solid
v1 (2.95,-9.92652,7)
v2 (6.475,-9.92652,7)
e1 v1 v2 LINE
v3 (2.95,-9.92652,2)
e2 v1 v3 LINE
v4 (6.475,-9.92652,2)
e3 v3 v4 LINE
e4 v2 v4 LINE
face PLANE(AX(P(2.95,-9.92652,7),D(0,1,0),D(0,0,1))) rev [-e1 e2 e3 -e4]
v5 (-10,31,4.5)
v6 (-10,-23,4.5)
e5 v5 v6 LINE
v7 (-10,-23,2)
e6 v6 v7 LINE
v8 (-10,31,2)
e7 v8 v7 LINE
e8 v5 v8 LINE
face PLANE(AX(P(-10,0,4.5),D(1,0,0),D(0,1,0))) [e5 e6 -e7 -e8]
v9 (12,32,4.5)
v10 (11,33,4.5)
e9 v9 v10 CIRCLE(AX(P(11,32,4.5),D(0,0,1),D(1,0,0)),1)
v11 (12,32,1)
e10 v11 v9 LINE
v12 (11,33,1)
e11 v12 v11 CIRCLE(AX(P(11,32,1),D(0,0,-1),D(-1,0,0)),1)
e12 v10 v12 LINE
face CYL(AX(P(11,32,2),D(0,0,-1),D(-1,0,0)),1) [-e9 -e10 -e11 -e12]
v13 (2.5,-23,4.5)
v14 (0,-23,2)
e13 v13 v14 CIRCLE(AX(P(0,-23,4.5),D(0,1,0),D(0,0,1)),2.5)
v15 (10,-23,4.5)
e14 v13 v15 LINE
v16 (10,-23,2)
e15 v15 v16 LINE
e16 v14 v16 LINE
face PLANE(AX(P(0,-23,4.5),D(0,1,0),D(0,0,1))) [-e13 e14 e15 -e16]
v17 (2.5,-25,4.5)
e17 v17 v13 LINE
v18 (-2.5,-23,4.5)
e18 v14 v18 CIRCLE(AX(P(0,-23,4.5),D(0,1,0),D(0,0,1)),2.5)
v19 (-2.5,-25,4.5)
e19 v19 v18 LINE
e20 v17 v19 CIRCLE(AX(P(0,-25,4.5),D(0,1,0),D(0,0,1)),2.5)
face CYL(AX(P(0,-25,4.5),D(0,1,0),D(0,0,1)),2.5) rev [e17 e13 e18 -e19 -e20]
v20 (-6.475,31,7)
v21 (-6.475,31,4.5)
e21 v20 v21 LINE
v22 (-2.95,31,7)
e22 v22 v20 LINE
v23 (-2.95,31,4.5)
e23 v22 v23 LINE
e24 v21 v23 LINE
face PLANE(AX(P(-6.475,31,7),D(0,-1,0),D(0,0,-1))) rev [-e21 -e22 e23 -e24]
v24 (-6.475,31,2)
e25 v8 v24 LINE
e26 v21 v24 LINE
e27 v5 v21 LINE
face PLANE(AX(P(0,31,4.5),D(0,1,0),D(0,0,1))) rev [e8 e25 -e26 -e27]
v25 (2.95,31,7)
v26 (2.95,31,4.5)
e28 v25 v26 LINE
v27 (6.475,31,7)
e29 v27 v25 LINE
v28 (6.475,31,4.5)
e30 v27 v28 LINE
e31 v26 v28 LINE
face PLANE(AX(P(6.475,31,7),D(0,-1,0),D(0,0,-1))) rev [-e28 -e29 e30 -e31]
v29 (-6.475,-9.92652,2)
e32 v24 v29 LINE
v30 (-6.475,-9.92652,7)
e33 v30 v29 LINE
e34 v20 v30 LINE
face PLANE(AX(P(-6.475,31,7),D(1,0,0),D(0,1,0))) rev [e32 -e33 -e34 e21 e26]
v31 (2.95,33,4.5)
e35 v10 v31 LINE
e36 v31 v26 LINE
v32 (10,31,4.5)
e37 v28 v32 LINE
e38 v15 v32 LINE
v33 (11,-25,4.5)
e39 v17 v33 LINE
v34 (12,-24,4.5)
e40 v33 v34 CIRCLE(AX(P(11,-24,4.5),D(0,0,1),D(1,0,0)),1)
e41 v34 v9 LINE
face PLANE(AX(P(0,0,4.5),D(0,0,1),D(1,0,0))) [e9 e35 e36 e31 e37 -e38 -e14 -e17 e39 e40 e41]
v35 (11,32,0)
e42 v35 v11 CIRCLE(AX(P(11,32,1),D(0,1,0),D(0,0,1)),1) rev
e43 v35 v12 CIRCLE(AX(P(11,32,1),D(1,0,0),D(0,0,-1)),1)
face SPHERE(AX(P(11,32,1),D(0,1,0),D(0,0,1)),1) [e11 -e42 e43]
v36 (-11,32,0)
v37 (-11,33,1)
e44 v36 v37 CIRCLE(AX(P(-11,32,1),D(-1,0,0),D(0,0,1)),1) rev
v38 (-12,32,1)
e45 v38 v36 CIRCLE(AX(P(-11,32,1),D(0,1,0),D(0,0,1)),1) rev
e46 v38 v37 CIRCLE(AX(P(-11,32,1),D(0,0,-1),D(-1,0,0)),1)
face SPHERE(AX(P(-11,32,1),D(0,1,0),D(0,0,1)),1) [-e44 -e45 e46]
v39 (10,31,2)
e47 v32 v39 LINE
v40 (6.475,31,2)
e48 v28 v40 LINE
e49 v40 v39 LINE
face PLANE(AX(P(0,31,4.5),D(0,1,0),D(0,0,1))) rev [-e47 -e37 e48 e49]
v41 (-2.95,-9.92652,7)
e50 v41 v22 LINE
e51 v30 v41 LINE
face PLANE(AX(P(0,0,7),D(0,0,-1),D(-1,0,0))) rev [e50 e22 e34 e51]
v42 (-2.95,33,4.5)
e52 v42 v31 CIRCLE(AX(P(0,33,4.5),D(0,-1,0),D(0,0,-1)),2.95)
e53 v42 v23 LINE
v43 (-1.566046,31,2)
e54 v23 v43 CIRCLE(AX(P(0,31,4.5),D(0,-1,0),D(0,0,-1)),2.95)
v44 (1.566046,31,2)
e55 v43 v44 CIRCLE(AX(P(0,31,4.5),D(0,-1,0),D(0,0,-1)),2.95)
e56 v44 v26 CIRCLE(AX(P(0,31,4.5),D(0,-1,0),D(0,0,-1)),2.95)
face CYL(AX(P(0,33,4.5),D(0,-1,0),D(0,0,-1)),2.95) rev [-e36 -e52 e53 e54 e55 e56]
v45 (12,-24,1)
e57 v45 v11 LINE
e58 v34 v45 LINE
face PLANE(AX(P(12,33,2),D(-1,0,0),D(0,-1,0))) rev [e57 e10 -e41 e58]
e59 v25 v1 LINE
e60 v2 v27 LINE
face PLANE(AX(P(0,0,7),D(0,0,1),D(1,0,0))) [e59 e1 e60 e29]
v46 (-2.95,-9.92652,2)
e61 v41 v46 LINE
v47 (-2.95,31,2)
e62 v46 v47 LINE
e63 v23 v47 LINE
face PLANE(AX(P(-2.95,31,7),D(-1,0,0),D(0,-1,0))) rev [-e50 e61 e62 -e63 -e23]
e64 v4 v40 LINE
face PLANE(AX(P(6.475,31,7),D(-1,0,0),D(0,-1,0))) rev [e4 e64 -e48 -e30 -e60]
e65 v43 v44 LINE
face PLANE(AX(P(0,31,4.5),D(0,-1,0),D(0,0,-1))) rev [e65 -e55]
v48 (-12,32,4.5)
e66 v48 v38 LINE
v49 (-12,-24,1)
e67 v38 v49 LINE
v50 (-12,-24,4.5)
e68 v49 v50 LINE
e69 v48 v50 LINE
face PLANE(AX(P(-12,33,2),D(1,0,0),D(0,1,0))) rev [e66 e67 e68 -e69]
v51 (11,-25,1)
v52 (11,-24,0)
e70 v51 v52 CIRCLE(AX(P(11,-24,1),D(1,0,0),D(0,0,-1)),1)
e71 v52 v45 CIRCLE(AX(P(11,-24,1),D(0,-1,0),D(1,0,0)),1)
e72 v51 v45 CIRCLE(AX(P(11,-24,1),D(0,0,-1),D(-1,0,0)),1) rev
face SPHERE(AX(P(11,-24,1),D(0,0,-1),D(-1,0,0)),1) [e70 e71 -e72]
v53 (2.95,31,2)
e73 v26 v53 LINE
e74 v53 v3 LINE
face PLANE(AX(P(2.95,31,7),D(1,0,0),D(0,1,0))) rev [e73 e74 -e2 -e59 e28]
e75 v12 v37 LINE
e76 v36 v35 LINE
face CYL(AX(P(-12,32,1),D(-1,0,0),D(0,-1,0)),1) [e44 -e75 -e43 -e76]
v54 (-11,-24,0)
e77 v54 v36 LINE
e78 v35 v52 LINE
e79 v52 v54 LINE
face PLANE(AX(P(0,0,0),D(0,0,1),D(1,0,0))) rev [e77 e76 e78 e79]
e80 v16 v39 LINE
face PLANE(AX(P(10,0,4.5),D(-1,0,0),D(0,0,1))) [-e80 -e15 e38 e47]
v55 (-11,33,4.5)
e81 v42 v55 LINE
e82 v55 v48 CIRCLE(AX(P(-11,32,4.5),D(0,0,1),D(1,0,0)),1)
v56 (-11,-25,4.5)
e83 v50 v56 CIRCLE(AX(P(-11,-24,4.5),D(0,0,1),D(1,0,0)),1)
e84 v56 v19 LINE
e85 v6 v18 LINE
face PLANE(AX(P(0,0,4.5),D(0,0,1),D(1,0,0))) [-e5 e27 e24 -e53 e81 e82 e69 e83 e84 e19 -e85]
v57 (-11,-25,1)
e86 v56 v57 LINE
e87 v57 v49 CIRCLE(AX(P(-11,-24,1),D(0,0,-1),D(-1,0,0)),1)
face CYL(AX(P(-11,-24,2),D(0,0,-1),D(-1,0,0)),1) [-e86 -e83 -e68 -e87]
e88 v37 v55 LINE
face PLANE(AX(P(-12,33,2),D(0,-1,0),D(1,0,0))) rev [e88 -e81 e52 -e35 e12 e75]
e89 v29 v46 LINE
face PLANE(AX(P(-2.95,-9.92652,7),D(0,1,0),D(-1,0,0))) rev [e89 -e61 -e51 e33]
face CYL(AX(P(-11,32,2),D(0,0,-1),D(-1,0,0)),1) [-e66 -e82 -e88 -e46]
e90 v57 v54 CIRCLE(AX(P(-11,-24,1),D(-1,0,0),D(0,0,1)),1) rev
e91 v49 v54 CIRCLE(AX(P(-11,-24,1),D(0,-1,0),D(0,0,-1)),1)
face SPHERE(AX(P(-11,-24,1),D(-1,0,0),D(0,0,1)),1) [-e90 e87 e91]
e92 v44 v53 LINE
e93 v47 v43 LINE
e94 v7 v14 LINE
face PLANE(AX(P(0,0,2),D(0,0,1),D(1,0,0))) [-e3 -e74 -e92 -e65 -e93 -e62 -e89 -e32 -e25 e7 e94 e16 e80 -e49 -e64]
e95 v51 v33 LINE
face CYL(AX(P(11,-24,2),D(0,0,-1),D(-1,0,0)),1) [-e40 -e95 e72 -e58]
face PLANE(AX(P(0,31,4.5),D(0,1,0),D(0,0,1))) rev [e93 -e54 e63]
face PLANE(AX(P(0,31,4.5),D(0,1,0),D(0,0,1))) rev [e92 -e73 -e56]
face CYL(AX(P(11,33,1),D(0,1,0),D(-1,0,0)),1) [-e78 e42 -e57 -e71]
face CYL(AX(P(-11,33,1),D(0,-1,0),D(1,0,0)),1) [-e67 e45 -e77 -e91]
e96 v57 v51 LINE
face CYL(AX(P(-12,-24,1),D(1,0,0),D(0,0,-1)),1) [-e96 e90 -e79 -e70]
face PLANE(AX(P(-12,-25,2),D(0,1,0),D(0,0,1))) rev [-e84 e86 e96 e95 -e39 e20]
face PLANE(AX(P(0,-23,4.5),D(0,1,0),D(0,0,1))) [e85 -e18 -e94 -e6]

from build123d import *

# Parameters (mm, degrees)
SKETCH1_W           = 24
SKETCH1_H           = 58
BOSS_EXTRUDE1_DEPTH = 2
BOSS_EXTRUDE2_DEPTH = 2.5
CUT_EXTRUDE3_DEPTH  = 3
CUT_EXTRUDE4_DEPTH  = 3
SKETCH7_W           = 3.525
SKETCH7_H           = 40.926519782
BOSS_EXTRUDE3_DEPTH = 5
FILLET1_R           = 1


with BuildPart() as part:
    # Sketch1 → Boss-Extrude1 (new body)
    with BuildSketch(Plane.XY):
        with Locations((0, 4)):
            Rectangle(SKETCH1_W, SKETCH1_H)
    extrude(amount=BOSS_EXTRUDE1_DEPTH)

    # Sketch2 → Boss-Extrude2 (add)
    with BuildSketch(Plane.XY.offset(2)):
        Polygon((12, 33), (-12, 33), (-12, -25), (12, -25), (12, 9), align=None)
        Polygon((-10, -23), (-10, 23), (-10, 31), (10, 31), (10, 23), (10, -23), align=None, mode=Mode.SUBTRACT)
    extrude(amount=BOSS_EXTRUDE2_DEPTH)

    # Sketch5 → Cut-Extrude3 (cut, through all)
    with BuildSketch(Plane.XZ.offset(-31)):
        with BuildLine():
            Line((-2.95, 4.5), (2.95, 4.5))
            ThreePointArc((2.95, 4.5), (0, 1.55), (-2.95, 4.5))
        make_face()
    extrude(amount=-CUT_EXTRUDE3_DEPTH, mode=Mode.SUBTRACT)

    # Sketch6 → Cut-Extrude4 (cut, through all)
    with BuildSketch(Plane(origin=(0, -23, 0), x_dir=(1, 0, 0), z_dir=(0, 1, 0))):
        with BuildLine():
            Line((-2.5, -4.5), (2.5, -4.5))
            ThreePointArc((2.5, -4.5), (0, -2), (-2.5, -4.5))
        make_face()
    extrude(amount=-CUT_EXTRUDE4_DEPTH, mode=Mode.SUBTRACT)

    # Sketch7 → Boss-Extrude3 (add)
    with BuildSketch(Plane.XY.offset(2)):
        with Locations((-4.7125, 10.536740109)):
            Rectangle(SKETCH7_W, SKETCH7_H)
        with Locations((4.7125, 10.536740109)):
            Rectangle(SKETCH7_W, SKETCH7_H)
    extrude(amount=BOSS_EXTRUDE3_DEPTH)

    # Fillet1
    fillet1_edges = [part.edges().sort_by_distance(p)[0] for p in [
        (0, -25, 0),
        (-12, 4, 0),
        (0, 33, 0),
        (12, 4, 0),
        (12, -25, 2.25),
        (-12, -25, 2.25),
        (-12, 33, 2.25),
        (12, 33, 2.25),
    ]]
    fillet(fillet1_edges, radius=FILLET1_R)


solid = part.part
